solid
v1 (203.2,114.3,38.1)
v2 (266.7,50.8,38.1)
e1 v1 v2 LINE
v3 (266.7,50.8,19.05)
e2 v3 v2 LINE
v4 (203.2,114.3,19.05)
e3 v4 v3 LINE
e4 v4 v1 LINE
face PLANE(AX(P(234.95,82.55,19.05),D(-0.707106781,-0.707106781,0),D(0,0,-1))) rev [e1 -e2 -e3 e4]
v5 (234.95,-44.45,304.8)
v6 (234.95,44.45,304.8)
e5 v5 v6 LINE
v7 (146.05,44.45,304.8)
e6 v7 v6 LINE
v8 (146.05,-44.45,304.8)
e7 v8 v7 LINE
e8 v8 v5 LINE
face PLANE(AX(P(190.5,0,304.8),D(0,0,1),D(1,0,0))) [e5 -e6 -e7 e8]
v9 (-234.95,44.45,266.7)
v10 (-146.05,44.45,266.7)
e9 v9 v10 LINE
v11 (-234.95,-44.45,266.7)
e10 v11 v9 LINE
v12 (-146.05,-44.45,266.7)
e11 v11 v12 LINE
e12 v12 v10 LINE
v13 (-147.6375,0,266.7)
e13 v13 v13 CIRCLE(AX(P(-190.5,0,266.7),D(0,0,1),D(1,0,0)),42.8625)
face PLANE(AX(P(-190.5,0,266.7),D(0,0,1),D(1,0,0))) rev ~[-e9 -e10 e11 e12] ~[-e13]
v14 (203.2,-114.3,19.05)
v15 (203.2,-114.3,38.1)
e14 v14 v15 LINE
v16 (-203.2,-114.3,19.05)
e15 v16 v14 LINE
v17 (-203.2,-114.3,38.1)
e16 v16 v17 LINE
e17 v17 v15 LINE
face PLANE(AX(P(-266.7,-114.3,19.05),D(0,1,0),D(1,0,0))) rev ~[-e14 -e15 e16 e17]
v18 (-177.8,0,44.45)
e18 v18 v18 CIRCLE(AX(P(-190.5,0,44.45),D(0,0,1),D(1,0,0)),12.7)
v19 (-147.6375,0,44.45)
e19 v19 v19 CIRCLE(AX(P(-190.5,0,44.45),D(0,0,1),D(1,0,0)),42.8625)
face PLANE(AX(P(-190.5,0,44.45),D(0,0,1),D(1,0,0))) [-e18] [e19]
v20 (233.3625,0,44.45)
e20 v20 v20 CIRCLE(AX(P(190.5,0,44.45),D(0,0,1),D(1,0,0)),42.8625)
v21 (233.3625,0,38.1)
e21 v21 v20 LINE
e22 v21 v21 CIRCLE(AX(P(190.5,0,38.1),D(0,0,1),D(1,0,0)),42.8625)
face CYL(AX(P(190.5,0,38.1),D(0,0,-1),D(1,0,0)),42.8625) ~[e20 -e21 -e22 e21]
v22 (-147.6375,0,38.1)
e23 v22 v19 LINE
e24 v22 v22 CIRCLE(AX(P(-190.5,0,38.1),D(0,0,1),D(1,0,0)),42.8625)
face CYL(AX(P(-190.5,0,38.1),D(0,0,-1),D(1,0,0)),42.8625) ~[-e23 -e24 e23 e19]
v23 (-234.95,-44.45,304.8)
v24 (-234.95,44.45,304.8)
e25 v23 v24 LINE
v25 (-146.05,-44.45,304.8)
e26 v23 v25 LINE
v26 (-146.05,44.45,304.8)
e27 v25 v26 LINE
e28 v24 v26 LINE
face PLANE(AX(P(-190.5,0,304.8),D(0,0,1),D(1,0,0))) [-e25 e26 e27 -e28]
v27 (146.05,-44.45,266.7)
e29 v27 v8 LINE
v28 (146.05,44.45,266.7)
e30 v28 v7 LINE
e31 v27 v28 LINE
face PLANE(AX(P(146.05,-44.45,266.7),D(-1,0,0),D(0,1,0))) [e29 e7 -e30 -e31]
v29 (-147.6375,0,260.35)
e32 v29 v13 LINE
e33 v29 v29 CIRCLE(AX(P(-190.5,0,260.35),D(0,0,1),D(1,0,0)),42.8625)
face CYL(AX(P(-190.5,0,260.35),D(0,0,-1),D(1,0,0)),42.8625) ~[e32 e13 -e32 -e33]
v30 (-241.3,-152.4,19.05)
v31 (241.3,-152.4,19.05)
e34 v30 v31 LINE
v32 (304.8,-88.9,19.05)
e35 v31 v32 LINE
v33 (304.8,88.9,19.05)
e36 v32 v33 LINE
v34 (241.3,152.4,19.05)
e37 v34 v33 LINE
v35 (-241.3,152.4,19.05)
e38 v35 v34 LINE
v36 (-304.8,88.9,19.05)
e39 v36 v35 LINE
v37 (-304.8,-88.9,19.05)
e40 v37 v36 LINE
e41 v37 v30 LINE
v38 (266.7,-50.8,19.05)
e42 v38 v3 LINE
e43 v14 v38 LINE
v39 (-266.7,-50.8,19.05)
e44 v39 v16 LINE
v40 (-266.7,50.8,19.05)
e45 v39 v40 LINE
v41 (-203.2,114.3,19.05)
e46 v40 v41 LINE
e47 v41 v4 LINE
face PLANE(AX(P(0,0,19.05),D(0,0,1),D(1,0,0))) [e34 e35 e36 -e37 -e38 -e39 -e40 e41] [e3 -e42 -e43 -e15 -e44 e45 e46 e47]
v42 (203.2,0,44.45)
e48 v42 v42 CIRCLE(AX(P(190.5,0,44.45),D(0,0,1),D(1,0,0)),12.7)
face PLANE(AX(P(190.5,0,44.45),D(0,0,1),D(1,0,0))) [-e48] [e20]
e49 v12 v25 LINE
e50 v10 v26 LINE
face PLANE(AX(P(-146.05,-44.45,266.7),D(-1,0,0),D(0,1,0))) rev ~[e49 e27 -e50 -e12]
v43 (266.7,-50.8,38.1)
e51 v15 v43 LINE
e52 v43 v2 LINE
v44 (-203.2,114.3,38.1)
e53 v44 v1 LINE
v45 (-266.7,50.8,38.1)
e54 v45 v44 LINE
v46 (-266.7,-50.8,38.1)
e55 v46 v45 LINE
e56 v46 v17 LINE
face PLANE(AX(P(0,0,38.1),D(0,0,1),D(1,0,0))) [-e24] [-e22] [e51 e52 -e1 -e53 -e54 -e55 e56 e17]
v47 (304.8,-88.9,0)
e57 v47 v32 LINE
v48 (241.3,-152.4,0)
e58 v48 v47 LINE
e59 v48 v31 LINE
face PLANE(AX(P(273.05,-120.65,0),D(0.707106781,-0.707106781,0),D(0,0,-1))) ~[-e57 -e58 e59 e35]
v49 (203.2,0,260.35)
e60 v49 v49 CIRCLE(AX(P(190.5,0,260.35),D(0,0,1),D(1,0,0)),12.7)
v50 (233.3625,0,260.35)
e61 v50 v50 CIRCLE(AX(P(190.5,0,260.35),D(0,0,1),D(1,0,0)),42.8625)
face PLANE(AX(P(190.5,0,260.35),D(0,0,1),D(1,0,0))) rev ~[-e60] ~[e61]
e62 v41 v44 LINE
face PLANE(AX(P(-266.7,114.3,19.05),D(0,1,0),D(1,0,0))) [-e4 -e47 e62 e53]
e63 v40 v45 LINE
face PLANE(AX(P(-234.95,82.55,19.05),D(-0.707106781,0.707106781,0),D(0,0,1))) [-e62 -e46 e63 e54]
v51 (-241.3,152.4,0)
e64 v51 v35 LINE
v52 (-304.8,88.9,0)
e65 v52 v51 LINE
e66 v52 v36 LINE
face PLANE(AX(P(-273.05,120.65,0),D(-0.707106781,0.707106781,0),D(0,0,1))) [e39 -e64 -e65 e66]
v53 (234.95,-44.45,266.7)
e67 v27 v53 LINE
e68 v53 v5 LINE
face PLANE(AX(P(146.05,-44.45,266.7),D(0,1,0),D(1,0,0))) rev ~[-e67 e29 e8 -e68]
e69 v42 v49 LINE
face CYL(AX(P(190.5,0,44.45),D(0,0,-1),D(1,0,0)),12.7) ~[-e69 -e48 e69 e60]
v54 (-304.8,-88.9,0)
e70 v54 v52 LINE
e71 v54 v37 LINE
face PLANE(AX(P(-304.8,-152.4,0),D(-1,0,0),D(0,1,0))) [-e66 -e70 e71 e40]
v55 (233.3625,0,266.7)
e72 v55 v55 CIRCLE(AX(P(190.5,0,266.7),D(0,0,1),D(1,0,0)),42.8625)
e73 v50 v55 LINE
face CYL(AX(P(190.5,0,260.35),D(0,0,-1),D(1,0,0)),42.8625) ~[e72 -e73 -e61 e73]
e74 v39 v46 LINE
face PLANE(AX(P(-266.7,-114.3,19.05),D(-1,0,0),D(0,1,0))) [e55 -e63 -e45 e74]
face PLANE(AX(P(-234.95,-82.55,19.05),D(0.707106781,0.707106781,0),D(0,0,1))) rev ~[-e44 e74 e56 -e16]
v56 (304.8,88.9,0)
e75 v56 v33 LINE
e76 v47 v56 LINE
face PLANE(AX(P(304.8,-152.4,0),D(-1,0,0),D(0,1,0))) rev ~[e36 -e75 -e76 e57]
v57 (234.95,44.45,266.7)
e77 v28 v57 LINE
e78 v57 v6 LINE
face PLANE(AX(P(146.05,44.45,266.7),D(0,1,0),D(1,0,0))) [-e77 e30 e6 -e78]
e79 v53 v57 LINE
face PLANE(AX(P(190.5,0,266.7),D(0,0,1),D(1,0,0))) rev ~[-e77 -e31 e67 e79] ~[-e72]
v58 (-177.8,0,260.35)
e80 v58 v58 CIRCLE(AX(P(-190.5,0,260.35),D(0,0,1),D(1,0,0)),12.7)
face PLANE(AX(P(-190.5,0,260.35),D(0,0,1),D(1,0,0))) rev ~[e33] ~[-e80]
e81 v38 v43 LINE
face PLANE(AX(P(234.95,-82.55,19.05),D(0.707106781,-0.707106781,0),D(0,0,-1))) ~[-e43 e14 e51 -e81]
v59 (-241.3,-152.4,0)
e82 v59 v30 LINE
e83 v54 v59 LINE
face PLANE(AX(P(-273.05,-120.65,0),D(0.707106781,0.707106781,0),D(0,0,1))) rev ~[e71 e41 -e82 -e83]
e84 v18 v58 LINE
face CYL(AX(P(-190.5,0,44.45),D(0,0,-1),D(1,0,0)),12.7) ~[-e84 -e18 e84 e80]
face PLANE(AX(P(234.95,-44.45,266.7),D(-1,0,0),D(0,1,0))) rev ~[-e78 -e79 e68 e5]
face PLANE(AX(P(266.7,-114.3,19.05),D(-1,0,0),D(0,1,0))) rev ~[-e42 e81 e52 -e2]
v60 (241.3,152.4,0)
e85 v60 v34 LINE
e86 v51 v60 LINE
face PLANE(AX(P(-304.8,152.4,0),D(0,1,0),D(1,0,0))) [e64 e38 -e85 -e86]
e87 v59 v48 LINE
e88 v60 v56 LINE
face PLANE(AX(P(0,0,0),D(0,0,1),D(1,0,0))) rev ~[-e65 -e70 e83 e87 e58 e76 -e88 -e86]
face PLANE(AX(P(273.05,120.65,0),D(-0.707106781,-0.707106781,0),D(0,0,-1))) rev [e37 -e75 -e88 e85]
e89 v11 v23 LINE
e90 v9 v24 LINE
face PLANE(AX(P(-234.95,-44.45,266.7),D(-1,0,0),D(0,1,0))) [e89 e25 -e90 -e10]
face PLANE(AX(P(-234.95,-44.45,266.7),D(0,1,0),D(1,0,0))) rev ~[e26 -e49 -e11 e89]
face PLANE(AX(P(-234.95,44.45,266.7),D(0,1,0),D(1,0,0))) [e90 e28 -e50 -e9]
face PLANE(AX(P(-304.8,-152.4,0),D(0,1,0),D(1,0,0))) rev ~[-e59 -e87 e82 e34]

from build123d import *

# Parameters (mm, degrees)
F0_W      = 609.6
F0_H      = 304.8
F1_DEPTH  = 19.05
F2_W      = 533.4
F2_H      = 228.6
F3_DEPTH  = 19.05
F4_R      = 42.8625
F5_DEPTH  = 6.35
F6_R      = 12.7
F7_DEPTH  = 215.9
F8_R      = 42.8625
F9_DEPTH  = 6.35
F10_W     = 88.9
F10_H     = 88.9
F11_DEPTH = 38.1
F12_SIZE  = 63.5


with BuildPart() as f1:
    # F0 (on Top) → F1 (new body)
    with BuildSketch(Plane.XY):
        Rectangle(F0_W, F0_H)
    extrude(amount=F1_DEPTH)

    # F2 (on face) → F3 (join)
    with BuildSketch(Plane.XY.offset(19.05)):
        Rectangle(F2_W, F2_H)
    extrude(amount=F3_DEPTH)

    # F4 (on face) → F5 (join)
    with BuildSketch(Plane.XY.offset(38.1)):
        with Locations((-190.5, 0)):
            Circle(F4_R)
        with Locations((190.5, 0)):
            Circle(F4_R)
    extrude(amount=F5_DEPTH)

    # F6 (on face) → F7 (join)
    with BuildSketch(Plane.XY.offset(44.45)):
        with Locations((-190.5, 0)):
            Circle(F6_R)
        with Locations((190.5, 0)):
            Circle(F6_R)
    extrude(amount=F7_DEPTH)

    # F8 (on face) → F9 (join)
    with BuildSketch(Plane.XY.offset(260.35)):
        with Locations((-190.5, 0)):
            Circle(F8_R)
        with Locations((190.5, 0)):
            Circle(F8_R)
    extrude(amount=F9_DEPTH)

    # F10 (on face) → F11 (join)
    with BuildSketch(Plane.XY.offset(266.7)):
        with Locations((-190.5, 0)):
            Rectangle(F10_W, F10_H)
        with Locations((190.5, 0)):
            Rectangle(F10_W, F10_H)
    extrude(amount=F11_DEPTH)

    # F12
    f12_edges = [f1.edges().sort_by_distance(p)[0] for p in [
        (-266.7, 114.3, 28.575),
        (-266.7, -114.3, 28.575),
        (-304.8, -152.4, 9.525),
        (-304.8, 152.4, 9.525),
        (266.7, 114.3, 28.575),
        (266.7, -114.3, 28.575),
        (304.8, 152.4, 9.525),
        (304.8, -152.4, 9.525),
    ]]
    chamfer(f12_edges, length=F12_SIZE)


solid = f1.part
